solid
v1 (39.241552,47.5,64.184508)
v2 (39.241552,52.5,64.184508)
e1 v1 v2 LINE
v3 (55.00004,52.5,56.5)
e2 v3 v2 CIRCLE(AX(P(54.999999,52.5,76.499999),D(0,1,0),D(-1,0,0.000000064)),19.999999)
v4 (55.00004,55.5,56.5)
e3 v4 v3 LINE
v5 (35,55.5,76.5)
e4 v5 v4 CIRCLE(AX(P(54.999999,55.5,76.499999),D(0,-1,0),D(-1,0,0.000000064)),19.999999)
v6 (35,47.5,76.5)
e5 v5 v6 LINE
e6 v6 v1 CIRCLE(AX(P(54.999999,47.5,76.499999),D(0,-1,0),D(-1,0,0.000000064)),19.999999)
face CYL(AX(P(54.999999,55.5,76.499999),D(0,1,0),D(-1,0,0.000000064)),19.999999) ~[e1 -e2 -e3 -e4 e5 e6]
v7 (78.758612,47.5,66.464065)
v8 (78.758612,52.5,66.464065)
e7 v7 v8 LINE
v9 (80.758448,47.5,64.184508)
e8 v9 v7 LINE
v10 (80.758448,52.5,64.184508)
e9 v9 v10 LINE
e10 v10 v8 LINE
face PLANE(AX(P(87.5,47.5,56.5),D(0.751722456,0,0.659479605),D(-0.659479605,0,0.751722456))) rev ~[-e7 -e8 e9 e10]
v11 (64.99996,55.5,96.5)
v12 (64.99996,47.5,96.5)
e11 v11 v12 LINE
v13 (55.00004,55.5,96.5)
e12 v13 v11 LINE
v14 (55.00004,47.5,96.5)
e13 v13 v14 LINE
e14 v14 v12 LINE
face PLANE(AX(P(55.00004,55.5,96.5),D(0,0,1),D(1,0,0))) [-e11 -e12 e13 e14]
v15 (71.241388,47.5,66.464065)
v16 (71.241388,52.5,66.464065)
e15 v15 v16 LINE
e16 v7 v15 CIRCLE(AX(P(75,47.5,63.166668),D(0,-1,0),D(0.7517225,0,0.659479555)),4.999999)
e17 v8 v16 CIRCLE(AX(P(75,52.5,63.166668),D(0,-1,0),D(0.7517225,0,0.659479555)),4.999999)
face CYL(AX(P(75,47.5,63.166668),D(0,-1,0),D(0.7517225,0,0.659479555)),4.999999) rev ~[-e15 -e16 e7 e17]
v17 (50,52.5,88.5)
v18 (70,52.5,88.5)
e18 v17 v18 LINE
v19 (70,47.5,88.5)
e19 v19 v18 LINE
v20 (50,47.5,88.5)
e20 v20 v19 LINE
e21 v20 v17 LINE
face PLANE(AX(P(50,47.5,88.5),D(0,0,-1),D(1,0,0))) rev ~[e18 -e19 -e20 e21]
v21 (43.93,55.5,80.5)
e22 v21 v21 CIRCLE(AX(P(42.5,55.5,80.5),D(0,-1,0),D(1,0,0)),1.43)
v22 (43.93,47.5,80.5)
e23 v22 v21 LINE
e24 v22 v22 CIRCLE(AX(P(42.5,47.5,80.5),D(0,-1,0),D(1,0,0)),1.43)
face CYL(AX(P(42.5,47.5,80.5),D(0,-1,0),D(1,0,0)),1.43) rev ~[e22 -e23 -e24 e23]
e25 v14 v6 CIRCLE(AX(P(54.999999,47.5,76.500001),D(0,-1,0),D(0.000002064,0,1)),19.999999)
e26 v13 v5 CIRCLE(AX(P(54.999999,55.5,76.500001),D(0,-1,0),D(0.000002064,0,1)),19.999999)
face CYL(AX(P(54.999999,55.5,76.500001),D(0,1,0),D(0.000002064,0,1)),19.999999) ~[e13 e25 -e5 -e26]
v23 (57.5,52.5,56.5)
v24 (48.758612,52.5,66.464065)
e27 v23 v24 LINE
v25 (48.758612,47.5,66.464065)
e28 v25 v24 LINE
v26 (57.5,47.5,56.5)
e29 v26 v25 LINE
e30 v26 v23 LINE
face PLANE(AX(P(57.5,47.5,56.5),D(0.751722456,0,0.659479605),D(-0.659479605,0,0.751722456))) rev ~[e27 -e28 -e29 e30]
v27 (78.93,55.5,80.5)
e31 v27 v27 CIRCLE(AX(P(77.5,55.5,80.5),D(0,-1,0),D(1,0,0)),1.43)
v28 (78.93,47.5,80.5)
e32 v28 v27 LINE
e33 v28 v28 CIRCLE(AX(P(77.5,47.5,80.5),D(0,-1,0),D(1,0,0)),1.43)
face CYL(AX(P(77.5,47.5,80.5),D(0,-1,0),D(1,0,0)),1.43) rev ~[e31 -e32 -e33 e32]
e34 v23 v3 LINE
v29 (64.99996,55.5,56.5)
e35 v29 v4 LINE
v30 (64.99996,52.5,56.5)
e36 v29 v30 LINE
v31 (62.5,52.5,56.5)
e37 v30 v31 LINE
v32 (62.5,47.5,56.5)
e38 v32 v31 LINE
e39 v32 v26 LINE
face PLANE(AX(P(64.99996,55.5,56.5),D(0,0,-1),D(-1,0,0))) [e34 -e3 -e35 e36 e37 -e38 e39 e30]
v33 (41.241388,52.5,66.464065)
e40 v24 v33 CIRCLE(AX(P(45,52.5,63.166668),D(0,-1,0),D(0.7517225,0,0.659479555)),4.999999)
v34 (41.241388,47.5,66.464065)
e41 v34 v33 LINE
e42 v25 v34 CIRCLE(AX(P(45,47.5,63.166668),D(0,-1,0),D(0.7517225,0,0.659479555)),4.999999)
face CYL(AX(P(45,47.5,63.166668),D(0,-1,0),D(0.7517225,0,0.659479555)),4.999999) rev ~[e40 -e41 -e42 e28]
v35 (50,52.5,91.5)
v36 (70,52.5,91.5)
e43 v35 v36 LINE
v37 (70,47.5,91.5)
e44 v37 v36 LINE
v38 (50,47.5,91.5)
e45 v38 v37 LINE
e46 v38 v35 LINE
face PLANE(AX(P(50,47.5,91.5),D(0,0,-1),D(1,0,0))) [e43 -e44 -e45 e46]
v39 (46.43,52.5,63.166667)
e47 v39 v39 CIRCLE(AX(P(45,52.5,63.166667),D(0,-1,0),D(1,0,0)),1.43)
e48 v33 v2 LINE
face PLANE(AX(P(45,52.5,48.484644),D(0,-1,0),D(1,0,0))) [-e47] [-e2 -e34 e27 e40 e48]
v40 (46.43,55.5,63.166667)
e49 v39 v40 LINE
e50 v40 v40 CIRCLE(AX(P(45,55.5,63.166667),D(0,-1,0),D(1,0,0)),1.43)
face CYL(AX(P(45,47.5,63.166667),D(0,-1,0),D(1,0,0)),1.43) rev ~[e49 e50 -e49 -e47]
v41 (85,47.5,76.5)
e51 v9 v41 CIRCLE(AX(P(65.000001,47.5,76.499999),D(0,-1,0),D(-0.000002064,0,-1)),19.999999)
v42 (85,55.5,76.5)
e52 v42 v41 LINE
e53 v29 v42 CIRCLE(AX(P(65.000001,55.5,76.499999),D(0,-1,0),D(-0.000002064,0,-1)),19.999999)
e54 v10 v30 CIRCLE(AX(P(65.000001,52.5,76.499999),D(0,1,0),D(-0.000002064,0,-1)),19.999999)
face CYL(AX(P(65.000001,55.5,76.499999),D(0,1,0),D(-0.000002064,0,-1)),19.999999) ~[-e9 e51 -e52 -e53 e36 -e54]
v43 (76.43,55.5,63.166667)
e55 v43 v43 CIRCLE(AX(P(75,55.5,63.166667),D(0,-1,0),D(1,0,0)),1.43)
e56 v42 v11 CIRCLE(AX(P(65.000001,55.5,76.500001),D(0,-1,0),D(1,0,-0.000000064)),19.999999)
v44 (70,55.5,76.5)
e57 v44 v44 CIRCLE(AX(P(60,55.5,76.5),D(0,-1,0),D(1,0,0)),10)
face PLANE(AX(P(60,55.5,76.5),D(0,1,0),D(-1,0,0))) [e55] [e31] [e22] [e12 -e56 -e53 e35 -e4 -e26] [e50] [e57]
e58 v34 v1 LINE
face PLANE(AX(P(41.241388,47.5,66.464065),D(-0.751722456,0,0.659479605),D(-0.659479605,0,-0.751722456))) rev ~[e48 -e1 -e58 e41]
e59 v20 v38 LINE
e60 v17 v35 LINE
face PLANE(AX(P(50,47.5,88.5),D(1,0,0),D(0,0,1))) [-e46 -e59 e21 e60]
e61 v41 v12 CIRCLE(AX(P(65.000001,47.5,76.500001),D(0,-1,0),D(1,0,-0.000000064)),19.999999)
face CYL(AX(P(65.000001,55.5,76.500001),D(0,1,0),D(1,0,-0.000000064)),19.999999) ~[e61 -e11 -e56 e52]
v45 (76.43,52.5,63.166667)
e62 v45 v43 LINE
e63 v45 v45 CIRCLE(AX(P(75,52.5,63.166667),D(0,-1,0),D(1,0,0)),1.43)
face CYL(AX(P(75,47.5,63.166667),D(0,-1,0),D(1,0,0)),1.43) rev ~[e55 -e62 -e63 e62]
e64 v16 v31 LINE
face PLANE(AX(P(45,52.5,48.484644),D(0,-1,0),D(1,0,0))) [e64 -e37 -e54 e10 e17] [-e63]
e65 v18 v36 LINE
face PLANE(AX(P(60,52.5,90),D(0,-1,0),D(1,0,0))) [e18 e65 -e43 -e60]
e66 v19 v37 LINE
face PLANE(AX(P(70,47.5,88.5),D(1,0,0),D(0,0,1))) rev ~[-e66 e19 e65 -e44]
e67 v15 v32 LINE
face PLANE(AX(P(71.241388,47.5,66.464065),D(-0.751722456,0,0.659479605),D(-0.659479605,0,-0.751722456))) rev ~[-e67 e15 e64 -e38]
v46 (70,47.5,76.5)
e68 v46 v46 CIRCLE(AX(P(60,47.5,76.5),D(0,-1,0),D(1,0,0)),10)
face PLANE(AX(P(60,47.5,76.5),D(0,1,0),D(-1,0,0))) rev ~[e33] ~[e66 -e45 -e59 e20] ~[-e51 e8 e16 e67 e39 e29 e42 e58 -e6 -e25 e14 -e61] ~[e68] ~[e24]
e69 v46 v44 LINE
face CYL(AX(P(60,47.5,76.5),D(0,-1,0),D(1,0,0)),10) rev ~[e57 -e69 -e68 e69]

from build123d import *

# Parameters (mm, degrees)
PAD005_DEPTH    = 8
SKETCH018_W     = 20
SKETCH018_H     = 3
POCKET011_DEPTH = 5
SKETCH019_R     = 10
SKETCH019_R_2   = 1.43
POCKET012_DEPTH = 10


with BuildPart() as part:
    # Sketch017 → Pad005 (new body)
    with BuildSketch(Plane.XZ):
        with BuildLine():
            Line((-4.99996, 20), (4.99996, 20))
            ThreePointArc((25, 0), (19.142122, 14.14215), (4.99996, 20))
            ThreePointArc((4.99996, -20), (19.142122, -14.14215), (25, 0))
            Line((4.99996, -20), (-4.99996, -20))
            ThreePointArc((-25, 0), (-19.142122, -14.14215), (-4.99996, -20))
            ThreePointArc((-4.99996, 20), (-19.142122, 14.14215), (-25, 0))
        make_face()
    extrude(amount=PAD005_DEPTH)

    # Sketch018 (on Face8 of Pad005) → Pocket011 (cut)
    with BuildSketch(Plane.XZ.offset(8)):
        with BuildLine():
            ThreePointArc((-11.241388, -10.035935), (-15, -8.333333), (-18.758612, -10.035935))
            Line((-18.758612, -10.035935), (-27.5, -20))
            ThreePointArc((-27.5, -20), (-15, -47.594619), (-2.5, -20))
            Line((-2.5, -20), (-11.241388, -10.035935))
        make_face()
        with BuildLine():
            ThreePointArc((18.758612, -10.035935), (15, -8.333333), (11.241388, -10.035935))
            Line((11.241388, -10.035935), (2.5, -20))
            ThreePointArc((2.5, -20), (15, -47.594619), (27.5, -20))
            Line((27.5, -20), (18.758612, -10.035935))
        make_face()
        with Locations((0, 13.5)):
            Rectangle(SKETCH018_W, SKETCH018_H)
    extrude(amount=-POCKET011_DEPTH, mode=Mode.SUBTRACT)

    # Sketch019 (on Face5 of Pocket011) → Pocket012 (cut)
    with BuildSketch(Plane.XZ.offset(8)):
        Circle(SKETCH019_R)
        with Locations((-15, -13.333333)):
            Circle(SKETCH019_R_2)
        with Locations((15, -13.333333)):
            Circle(SKETCH019_R_2)
        with Locations((-17.5, 4)):
            Circle(SKETCH019_R_2)
        with Locations((17.5, 4)):
            Circle(SKETCH019_R_2)
    extrude(amount=-POCKET012_DEPTH, mode=Mode.SUBTRACT)


with BuildPart() as part_1:
    # Body005 placement: moved
    add(part.part.moved(Location((60, 55.5, 76.5))))


solid = part_1.part
